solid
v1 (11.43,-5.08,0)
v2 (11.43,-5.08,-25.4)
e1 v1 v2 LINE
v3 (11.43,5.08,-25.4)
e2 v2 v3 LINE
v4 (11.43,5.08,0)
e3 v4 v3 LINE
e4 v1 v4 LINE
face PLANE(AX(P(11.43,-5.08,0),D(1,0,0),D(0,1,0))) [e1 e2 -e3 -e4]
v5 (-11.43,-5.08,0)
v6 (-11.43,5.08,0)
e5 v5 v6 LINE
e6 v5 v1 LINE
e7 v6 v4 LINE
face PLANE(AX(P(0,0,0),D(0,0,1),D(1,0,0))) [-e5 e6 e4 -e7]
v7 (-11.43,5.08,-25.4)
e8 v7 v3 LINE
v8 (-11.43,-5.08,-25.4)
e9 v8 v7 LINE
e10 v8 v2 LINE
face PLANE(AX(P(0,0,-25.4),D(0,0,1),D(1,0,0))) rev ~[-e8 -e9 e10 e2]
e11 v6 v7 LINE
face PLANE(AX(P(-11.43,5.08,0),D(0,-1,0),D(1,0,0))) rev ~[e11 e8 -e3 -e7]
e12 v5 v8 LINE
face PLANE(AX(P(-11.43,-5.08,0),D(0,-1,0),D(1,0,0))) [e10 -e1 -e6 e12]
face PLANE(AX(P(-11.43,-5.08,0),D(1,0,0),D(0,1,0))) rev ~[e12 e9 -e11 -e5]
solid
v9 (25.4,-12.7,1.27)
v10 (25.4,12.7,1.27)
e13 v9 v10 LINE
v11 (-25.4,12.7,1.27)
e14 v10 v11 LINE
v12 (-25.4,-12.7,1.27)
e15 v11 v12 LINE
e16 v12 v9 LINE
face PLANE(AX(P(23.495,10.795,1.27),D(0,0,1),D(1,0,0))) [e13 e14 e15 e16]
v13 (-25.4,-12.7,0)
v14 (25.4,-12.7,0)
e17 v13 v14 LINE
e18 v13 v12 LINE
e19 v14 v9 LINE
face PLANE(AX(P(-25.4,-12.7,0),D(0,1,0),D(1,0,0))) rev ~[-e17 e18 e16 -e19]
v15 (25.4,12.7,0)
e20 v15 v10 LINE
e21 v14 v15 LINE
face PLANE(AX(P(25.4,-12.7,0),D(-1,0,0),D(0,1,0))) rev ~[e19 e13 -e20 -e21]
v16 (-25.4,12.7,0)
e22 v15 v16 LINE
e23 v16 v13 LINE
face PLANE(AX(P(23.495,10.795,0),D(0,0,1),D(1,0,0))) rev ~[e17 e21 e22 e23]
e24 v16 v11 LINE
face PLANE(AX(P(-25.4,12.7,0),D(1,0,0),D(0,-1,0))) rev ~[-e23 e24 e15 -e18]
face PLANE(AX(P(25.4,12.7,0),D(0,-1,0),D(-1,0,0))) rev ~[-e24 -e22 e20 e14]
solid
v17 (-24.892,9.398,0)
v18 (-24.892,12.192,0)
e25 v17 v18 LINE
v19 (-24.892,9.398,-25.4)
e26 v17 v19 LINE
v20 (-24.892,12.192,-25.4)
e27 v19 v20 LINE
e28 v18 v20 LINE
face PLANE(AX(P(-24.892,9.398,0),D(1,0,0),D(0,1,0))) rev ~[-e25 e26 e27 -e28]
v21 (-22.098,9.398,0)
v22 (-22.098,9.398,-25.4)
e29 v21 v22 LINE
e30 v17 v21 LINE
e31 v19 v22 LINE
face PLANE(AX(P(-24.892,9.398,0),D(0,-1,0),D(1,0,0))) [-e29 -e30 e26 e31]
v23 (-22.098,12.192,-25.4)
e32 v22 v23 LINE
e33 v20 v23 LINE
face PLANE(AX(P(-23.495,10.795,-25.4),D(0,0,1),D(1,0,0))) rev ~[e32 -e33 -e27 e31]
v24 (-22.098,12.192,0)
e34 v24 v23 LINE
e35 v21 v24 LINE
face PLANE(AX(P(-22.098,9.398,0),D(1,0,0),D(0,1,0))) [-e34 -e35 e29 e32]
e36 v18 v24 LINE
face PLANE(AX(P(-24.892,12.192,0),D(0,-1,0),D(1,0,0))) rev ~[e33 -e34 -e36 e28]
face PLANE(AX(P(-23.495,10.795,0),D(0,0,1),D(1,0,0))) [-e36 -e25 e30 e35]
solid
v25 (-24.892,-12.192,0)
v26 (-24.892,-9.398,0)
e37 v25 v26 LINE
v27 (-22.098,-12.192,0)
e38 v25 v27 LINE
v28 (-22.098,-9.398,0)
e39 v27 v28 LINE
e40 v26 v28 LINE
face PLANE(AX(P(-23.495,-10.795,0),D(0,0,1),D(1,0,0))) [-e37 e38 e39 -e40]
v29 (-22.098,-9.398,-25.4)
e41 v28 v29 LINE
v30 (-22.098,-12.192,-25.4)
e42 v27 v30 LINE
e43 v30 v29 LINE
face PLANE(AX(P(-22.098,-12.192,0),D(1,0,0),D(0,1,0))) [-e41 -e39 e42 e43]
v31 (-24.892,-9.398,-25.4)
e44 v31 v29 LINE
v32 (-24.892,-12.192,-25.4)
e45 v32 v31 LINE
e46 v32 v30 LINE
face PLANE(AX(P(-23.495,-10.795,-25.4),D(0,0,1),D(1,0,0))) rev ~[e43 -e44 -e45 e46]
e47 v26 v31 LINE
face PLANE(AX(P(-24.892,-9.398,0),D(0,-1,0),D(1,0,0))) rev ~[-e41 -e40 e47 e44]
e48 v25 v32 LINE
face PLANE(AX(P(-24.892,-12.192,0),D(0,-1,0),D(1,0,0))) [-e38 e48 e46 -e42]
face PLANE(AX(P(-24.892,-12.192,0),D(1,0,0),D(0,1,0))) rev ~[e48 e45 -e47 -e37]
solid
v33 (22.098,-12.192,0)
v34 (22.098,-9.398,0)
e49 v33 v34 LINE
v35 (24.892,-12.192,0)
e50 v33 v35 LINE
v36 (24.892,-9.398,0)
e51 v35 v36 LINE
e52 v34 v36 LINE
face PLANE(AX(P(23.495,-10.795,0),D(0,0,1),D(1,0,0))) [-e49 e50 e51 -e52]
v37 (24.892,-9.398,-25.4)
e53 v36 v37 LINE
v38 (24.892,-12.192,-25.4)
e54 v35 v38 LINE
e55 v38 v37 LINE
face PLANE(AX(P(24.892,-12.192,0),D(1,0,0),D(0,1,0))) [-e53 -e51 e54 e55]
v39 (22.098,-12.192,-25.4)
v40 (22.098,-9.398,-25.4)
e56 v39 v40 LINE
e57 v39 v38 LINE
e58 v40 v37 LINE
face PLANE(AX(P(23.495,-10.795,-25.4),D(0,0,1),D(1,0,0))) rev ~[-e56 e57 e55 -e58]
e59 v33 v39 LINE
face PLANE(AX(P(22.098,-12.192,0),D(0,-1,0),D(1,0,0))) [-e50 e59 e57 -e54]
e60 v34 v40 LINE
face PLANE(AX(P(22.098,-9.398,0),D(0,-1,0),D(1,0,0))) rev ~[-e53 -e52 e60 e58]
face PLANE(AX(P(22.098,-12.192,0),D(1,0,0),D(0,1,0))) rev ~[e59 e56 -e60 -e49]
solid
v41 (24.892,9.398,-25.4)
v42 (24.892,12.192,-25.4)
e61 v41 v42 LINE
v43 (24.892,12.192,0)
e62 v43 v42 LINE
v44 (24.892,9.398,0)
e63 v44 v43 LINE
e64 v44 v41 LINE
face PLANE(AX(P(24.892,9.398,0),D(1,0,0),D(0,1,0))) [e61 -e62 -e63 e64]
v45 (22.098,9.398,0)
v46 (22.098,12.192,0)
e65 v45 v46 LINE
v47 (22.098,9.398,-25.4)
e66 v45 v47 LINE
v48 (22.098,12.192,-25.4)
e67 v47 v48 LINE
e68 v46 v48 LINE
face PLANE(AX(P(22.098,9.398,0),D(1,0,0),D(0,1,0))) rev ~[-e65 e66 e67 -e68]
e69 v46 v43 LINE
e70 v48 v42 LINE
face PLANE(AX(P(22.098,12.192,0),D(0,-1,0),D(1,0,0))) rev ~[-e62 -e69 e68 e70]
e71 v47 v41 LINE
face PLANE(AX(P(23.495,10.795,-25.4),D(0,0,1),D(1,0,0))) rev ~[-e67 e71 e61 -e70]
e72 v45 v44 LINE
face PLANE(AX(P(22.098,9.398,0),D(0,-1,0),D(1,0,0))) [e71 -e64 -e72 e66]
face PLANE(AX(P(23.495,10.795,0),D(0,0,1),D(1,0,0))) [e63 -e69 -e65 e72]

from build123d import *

# Parameters (mm, degrees)
F1_W     = 2.794
F1_H     = 2.794
F0_W     = 22.86
F0_H     = 10.16
F2_DEPTH = 25.4
F0_W_2   = 3.81
F0_H_2   = 3.81
F3_DEPTH = 1.27


with BuildPart() as f2:
    # F1 (on face) + F0 (on Top) → F2 (new body)
    with BuildSketch(Plane.XY):
        with Locations((-23.495, -10.795)):
            Rectangle(F1_W, F1_H)
        with Locations((23.495, -10.795)):
            Rectangle(F1_W, F1_H)
        with Locations((23.495, 10.795)):
            Rectangle(F1_W, F1_H)
        with Locations((-23.495, 10.795)):
            Rectangle(F1_W, F1_H)
    with BuildSketch(Plane.XY):
        Rectangle(F0_W, F0_H)
    extrude(amount=-F2_DEPTH)


with BuildPart() as f3:
    # F0 (on Top) → F3 (new body)
    with BuildSketch(Plane.XY):
        with Locations((23.495, 10.795)):
            Rectangle(F0_W_2, F0_H_2)
        with Locations((23.495, -10.795)):
            Rectangle(F0_W_2, F0_H_2)
        with Locations((-23.495, -10.795)):
            Rectangle(F0_W_2, F0_H_2)
        Polygon((-21.59, -12.7), (21.59, -12.7), (21.59, -8.89), (25.4, -8.89), (25.4, 8.89), (21.59, 8.89), (21.59, 12.7), (-21.59, 12.7), (-21.59, 8.89), (-25.4, 8.89), (-25.4, -8.89), (-21.59, -8.89), align=None)
        Rectangle(F0_W, F0_H, mode=Mode.SUBTRACT)
        with Locations((-23.495, 10.795)):
            Rectangle(F0_W_2, F0_H_2)
        Rectangle(F0_W, F0_H)
    extrude(amount=F3_DEPTH)


solid = Compound([f2.part, f3.part])
